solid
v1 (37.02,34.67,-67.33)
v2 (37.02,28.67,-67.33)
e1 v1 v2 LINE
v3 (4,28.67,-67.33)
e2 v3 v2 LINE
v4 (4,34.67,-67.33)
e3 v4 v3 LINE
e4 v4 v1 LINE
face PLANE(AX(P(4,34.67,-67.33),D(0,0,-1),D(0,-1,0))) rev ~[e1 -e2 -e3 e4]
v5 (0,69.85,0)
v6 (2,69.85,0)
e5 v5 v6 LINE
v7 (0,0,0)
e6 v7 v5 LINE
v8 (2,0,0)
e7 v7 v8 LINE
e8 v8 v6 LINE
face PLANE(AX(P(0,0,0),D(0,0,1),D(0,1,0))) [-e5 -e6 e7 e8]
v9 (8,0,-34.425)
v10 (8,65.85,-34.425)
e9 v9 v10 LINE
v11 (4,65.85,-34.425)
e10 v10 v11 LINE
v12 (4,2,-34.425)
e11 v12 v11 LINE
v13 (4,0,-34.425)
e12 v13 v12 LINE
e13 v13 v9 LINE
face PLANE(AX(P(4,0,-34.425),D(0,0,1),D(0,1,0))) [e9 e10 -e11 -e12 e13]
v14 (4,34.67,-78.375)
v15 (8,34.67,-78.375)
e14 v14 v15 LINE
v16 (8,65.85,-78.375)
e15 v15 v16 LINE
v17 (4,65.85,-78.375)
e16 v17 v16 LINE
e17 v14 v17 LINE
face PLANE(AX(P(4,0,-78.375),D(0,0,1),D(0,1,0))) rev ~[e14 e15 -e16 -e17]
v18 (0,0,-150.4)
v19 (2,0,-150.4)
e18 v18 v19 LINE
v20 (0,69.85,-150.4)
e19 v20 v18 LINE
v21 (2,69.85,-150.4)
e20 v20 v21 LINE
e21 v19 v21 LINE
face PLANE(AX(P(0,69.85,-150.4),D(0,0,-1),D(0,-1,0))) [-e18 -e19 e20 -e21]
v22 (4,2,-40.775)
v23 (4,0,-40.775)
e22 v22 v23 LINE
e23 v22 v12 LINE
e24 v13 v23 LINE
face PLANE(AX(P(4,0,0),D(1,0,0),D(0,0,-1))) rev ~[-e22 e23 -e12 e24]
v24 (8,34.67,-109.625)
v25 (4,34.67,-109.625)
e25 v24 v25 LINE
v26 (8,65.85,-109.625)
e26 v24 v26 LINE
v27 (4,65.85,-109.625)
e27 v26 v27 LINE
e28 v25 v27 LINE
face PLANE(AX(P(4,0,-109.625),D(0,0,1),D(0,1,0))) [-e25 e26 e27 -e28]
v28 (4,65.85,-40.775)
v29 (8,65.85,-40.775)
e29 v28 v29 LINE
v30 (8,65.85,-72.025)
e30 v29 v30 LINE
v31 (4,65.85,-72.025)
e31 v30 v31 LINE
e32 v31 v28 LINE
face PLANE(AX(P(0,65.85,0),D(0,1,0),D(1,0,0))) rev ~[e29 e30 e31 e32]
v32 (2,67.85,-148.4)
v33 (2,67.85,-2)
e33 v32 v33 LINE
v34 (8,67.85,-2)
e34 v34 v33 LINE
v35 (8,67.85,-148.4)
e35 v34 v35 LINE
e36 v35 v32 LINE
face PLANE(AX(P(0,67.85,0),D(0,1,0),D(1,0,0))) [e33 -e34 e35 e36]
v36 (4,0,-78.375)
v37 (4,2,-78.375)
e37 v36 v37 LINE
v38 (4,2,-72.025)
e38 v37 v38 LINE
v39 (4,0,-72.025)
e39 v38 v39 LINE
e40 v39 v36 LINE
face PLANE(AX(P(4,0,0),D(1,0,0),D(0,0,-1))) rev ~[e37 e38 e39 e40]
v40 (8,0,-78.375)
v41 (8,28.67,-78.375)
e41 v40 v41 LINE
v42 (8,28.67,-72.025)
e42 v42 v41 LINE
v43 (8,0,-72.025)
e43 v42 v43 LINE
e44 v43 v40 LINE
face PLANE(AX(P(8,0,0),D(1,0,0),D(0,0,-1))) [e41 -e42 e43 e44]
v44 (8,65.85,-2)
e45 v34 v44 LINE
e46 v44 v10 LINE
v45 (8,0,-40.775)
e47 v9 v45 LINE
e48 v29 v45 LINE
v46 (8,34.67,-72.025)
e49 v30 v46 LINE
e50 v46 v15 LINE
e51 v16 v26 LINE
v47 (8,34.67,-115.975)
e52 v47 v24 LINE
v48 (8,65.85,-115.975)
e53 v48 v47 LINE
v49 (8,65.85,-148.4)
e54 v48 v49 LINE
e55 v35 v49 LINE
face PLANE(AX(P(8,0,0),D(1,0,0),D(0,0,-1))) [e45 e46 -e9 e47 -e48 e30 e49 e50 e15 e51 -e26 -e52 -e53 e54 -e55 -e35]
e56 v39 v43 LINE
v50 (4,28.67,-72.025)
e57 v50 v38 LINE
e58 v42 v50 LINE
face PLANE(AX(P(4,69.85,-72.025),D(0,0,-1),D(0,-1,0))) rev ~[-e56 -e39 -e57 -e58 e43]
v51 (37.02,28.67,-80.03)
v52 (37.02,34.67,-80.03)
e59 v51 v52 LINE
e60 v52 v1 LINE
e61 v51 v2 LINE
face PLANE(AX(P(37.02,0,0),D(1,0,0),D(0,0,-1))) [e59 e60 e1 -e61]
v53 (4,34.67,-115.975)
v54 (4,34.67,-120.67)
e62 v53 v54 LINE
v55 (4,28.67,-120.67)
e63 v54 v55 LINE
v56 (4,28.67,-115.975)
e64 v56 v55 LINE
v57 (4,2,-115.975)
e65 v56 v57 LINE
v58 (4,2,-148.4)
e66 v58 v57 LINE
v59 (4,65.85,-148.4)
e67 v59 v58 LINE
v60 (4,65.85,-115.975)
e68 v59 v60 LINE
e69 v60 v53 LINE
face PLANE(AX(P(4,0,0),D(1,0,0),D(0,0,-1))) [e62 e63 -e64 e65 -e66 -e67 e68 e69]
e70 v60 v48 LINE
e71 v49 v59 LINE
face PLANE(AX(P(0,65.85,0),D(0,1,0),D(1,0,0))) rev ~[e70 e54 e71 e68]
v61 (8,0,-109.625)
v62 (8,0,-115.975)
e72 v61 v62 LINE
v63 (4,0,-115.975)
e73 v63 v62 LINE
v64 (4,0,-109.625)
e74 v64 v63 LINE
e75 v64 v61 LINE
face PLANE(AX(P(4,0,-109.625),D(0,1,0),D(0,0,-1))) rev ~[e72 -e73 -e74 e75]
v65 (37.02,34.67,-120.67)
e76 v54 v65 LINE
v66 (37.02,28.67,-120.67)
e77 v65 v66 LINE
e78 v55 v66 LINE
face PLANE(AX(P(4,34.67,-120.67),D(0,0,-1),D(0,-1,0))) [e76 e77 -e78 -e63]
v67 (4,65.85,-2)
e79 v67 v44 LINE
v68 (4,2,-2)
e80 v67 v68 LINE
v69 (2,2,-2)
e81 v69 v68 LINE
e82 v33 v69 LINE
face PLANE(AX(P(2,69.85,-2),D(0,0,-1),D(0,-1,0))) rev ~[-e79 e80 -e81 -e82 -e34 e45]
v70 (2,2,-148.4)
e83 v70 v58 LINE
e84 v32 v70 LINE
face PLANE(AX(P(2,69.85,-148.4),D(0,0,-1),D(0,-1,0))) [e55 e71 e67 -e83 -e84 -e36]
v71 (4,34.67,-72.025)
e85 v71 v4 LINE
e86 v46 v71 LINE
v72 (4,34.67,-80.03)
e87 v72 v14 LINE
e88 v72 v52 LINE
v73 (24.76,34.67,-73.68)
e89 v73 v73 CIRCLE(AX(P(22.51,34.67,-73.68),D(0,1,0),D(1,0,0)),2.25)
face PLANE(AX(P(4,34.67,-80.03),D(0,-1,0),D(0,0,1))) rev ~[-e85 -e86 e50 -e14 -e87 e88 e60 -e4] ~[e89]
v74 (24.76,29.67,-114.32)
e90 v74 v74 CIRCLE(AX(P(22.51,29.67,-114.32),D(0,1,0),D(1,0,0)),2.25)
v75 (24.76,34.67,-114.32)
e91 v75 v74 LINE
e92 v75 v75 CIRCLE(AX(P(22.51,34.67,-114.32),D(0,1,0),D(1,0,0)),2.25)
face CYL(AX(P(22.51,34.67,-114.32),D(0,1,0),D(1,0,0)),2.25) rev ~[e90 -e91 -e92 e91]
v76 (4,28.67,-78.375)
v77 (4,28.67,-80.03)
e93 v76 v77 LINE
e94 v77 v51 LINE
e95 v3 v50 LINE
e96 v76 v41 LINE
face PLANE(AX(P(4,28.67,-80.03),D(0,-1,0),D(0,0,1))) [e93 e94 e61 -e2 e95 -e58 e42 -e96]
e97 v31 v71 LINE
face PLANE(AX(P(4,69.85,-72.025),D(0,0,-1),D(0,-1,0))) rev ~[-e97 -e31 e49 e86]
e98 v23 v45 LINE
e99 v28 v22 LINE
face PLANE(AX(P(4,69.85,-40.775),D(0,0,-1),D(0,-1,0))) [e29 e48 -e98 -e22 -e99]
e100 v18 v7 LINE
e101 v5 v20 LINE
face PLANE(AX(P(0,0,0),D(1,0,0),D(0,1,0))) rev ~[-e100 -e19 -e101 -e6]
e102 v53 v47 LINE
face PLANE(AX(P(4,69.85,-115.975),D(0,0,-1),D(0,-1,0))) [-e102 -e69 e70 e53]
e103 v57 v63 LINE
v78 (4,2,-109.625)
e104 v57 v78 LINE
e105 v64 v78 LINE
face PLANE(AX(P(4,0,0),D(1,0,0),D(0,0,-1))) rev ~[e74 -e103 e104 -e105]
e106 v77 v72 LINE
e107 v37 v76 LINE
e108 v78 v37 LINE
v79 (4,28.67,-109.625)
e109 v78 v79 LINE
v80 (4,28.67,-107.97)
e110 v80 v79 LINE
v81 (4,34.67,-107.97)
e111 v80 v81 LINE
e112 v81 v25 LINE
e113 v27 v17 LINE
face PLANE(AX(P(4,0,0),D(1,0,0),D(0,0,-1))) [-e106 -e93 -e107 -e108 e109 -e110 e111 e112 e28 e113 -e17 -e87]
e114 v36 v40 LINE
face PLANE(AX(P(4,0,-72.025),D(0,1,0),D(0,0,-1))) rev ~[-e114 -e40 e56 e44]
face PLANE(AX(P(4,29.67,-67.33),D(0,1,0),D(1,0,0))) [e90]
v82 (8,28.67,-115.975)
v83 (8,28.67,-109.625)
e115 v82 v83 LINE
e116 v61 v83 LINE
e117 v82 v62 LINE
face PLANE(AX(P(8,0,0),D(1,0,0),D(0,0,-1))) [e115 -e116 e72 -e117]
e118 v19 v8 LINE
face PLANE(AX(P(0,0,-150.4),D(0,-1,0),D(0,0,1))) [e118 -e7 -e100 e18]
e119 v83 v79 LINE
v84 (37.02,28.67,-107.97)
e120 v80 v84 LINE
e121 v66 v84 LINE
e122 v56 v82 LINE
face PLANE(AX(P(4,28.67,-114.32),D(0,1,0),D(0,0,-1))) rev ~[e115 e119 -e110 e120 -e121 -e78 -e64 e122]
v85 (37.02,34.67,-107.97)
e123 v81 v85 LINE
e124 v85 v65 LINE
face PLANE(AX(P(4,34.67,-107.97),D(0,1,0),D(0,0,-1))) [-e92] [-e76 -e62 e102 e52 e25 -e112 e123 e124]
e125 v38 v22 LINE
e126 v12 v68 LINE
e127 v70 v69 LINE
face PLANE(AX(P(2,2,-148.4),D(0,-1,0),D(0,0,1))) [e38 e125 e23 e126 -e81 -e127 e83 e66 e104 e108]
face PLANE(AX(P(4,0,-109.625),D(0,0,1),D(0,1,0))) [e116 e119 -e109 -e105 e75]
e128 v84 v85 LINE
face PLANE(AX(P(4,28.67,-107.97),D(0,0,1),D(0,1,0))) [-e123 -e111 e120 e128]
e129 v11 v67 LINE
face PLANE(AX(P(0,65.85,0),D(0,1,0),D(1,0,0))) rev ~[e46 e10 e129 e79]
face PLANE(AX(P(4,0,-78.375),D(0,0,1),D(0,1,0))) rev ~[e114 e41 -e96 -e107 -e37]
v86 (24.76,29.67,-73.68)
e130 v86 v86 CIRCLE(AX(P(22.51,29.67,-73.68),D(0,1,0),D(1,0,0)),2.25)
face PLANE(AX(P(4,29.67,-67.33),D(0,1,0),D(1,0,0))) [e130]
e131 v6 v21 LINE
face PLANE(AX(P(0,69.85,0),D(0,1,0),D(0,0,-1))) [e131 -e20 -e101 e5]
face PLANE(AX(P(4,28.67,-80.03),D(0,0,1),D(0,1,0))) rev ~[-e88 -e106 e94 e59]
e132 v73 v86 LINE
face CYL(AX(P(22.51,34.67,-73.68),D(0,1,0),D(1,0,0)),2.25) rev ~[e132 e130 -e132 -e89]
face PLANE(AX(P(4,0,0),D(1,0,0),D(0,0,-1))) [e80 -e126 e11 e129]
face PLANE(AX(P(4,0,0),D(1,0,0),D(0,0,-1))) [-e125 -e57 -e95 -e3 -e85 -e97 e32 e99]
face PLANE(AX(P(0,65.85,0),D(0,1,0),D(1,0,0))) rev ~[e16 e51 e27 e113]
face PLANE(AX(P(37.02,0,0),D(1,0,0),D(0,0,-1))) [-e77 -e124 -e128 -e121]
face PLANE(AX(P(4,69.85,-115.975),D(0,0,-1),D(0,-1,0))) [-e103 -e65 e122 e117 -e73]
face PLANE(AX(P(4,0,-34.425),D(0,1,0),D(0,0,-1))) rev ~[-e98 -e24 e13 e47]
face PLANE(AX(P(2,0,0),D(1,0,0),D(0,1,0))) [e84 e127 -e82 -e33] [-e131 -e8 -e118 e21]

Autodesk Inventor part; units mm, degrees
ref_plane "YZ Plane" through (0, 0, 0) normal (1, 0, 0) x (0, 1, 0)
ref_plane "XZ Plane" through (0, 0, 0) normal (0, 1, 0) x (-1, 0, 0)
ref_plane "XY Plane" through (0, 0, 0) normal (0, 0, 1) x (1, 0, 0)
sketch "Sketch1" plane through (0, 0, 0) normal (1, 0, 0) x (0, 1, 0)
  line L0 (0, 0) -> (69.85, 0)
  line L1 (69.85, 0) -> (69.85, -150.4)
  line L2 (69.85, -150.4) -> (0, -150.4)
  line L3 (0, -150.4) -> (0, 0)
  dimension "d0" = 69.85
  dimension "d1" = 150.4
extrude "Extrusion1" add sketch "Sketch1" along normal blind 2
sketch "Sketch2" plane through (2, 0, 0) normal (1, 0, 0) x (0, 0, -1)
  line L0 (150.4, 0) -> (150.4, 69.85) projected
  line L1 (150.4, 69.85) -> (0, 69.85) projected
  line L2 (0, 69.85) -> (0, 0) projected
  line L3 (0, 0) -> (150.4, 0) projected
  line L4 (150.4, 69.85) -> (148.4, 69.85)
  line L5 (148.4, 69.85) -> (148.4, 0)
  line L6 (148.4, 0) -> (150.4, 0)
  line L7 (150.4, 0) -> (150.4, 69.85)
  line L8 (0, 69.85) -> (2, 69.85)
  line L9 (2, 69.85) -> (2, 0)
  line L10 (2, 0) -> (0, 0)
  line L11 (0, 0) -> (0, 69.85)
  line L12 (0, 0) -> (150.4, 0)
  line L13 (150.4, 0) -> (150.4, 2)
  line L14 (150.4, 2) -> (0, 2)
  line L15 (0, 2) -> (0, 0)
  point P0 (2, 2)
  point P1 (148.4, 2)
  dimension "d4" = 2
  dimension "d5" = 2
  dimension "d6" = 2
extrude "Extrusion2" add sketch "Sketch2" along normal blind 2 contours L14 L9 L1 L5
sketch "Sketch3" plane through (4, 0, 0) normal (1, 0, 0) x (0, 0, -1)
  line L0 (150.4, 0) -> (150.4, 69.85) projected
  line L1 (0, 0) -> (150.4, 0) projected
  line L2 (0, 69.85) -> (0, 0) projected
  line L3 (150.4, 69.85) -> (0, 69.85) projected
  line L4 (0, 69.85) -> (75.2, 69.85) construction
  line L5 (75.2, 69.85) -> (75.2, 0) construction
  line L6 (75.2, 0) -> (0, 0) construction
  line L7 (0, 0) -> (0, 69.85) construction
  line L8 (0, 0) -> (150.4, 0) construction
  line L9 (0, 0) -> (37.6, 0) construction
  line L10 (37.6, 0) -> (37.6, 69.85) construction
  line L11 (37.6, 69.85) -> (0, 69.85) construction
  line L12 (0, 69.85) -> (0, 0) construction
  line L13 (150.4, 0) -> (150.4, 69.85) construction
  line L14 (75.2, 69.85) -> (150.4, 69.85) construction
  line L15 (150.4, 69.85) -> (150.4, 0) construction
  line L16 (150.4, 0) -> (75.2, 0) construction
  line L17 (75.2, 0) -> (75.2, 69.85) construction
  line L18 (75.2, 0) -> (112.8, 0) construction
  line L19 (112.8, 0) -> (112.8, 69.85) construction
  line L20 (112.8, 69.85) -> (75.2, 69.85) construction
  line L21 (75.2, 69.85) -> (75.2, 0) construction
  line L22 (34.425, 0) -> (34.425, 69.85) construction
  line L23 (34.425, 69.85) -> (40.775, 69.85) construction
  line L24 (40.775, 69.85) -> (40.775, 0) construction
  line L25 (40.775, 0) -> (34.425, 0) construction
  line L26 (34.425, 0) -> (40.775, 69.85) construction
  line L27 (34.425, 69.85) -> (40.775, 0) construction
  line L28 (72.025, 0) -> (72.025, 69.85) construction
  line L29 (72.025, 69.85) -> (78.375, 69.85) construction
  line L30 (78.375, 69.85) -> (78.375, 0) construction
  line L31 (78.375, 0) -> (72.025, 0) construction
  line L32 (72.025, 0) -> (78.375, 69.85) construction
  line L33 (72.025, 69.85) -> (78.375, 0) construction
  line L34 (109.625, 0) -> (109.625, 69.85) construction
  line L35 (109.625, 69.85) -> (115.975, 69.85) construction
  line L36 (115.975, 69.85) -> (115.975, 0) construction
  line L37 (115.975, 0) -> (109.625, 0) construction
  line L38 (109.625, 0) -> (115.975, 69.85) construction
  line L39 (109.625, 69.85) -> (115.975, 0) construction
  line L40 (34.425, 69.85) -> (40.775, 69.85)
  line L41 (40.775, 69.85) -> (40.775, 0)
  line L42 (40.775, 0) -> (34.425, 0)
  line L43 (34.425, 0) -> (34.425, 69.85)
  line L44 (72.025, 0) -> (78.375, 0)
  line L45 (78.375, 0) -> (78.375, 69.85)
  line L46 (78.375, 69.85) -> (72.025, 69.85)
  line L47 (72.025, 69.85) -> (72.025, 0)
  line L48 (109.625, 69.85) -> (115.975, 69.85)
  line L49 (115.975, 69.85) -> (115.975, 0)
  line L50 (115.975, 0) -> (109.625, 0)
  line L51 (109.625, 0) -> (109.625, 69.85)
  point P0 (37.6, 34.925)
  point P1 (75.2, 34.925)
  point P2 (112.8, 34.925)
  dimension "d9" = 6.35
  dimension "d10" = 6.35
  dimension "d11" = 6.35
extrude "Extrusion3" add sketch "Sketch3" along normal blind 4 contours L1 L51 L3 L49 | L1 L47 L3 L45 | L1 L43 L3 L41
sketch "Sketch4" plane through (0, 69.85, 0) normal (0, 1, 0) x (1, 0, 0)
  line L0 (0, 150.4) -> (0, 0) projected
  line L1 (0, 150.4) -> (0, 0) construction
  line L2 (0, 0) -> (2, 0) construction
  line L3 (2, 2) -> (2, 0) construction
  line L4 (2, 2) -> (4, 2) construction
  line L5 (4, 34.425) -> (4, 2) construction
  line L6 (4, 34.425) -> (8, 34.425) construction
  line L7 (8, 40.775) -> (8, 34.425) construction
  line L8 (4, 40.775) -> (8, 40.775) construction
  line L9 (4, 72.025) -> (4, 40.775) construction
  line L10 (4, 72.025) -> (8, 72.025) construction
  line L11 (8, 78.375) -> (8, 72.025) construction
  line L12 (4, 78.375) -> (8, 78.375) construction
  line L13 (4, 109.625) -> (4, 78.375) construction
  line L14 (4, 109.625) -> (8, 109.625) construction
  line L15 (8, 115.975) -> (8, 109.625) construction
  line L16 (4, 115.975) -> (8, 115.975) construction
  line L17 (4, 148.4) -> (4, 115.975) construction
  line L18 (2, 148.4) -> (4, 148.4) construction
  line L19 (2, 150.4) -> (2, 148.4) construction
  line L20 (0, 150.4) -> (2, 150.4) construction
  line L21 (2, 0) -> (0, 0)
  line L22 (0, 0) -> (0, 150.4)
  line L23 (0, 150.4) -> (2, 150.4)
  line L24 (2, 150.4) -> (2, 0)
  line L25 (2, 0) -> (8, 0)
  line L26 (8, 0) -> (8, 150.4)
  line L27 (8, 150.4) -> (2, 150.4)
  line L28 (2, 150.4) -> (2, 0)
extrude "Extrusion4" cut sketch "Sketch4" against normal blind 2 contours L27 L26 L25 L24
sketch "Sketch5" plane through (0, 67.85, 0) normal (0, 1, 0) x (1, 0, 0)
  line L0 (4, 115.975) -> (8, 115.975) projected
  line L1 (4, 148.4) -> (4, 115.975) projected
  line L2 (2, 148.4) -> (4, 148.4) projected
  line L3 (2, 2) -> (2, 148.4) projected
  line L4 (4, 2) -> (2, 2) projected
  line L5 (4, 34.425) -> (4, 2) projected
  line L6 (8, 34.425) -> (4, 34.425) projected
  line L7 (8, 40.775) -> (8, 34.425) projected
  line L8 (4, 40.775) -> (8, 40.775) projected
  line L9 (4, 72.025) -> (4, 40.775) projected
  line L10 (8, 72.025) -> (4, 72.025) projected
  line L11 (8, 78.375) -> (8, 72.025) projected
  line L12 (4, 78.375) -> (8, 78.375) projected
  line L13 (4, 109.625) -> (4, 78.375) projected
  line L14 (8, 109.625) -> (4, 109.625) projected
  line L15 (8, 115.975) -> (8, 109.625) projected
  line L16 (2, 2) -> (4, 2) projected
  line L17 (2, 2) -> (8, 2)
  line L18 (8, 2) -> (8, 148.4)
  line L19 (8, 148.4) -> (2, 148.4)
  line L20 (2, 148.4) -> (2, 2)
  point P0 (0, 0)
  point P1 (4, 2)
extrude "Extrusion5" add sketch "Sketch5" against normal blind 2 contours L1 L19 L18 L0 | L18 L12 L13 L14 | L18 L8 L9 L10 | L5 L6 L18 L17
sketch "Sketch6" plane through (4, 0, 0) normal (1, 0, 0) x (0, 0, -1)
  line L0 (2, 67.85) -> (148.4, 67.85) construction
  line L1 (2, 67.85) -> (2, 65.85) construction
  line L2 (34.425, 65.85) -> (2, 65.85) construction
  line L3 (34.425, 65.85) -> (34.425, 0) construction
  line L4 (34.425, 0) -> (40.775, 0) construction
  line L5 (40.775, 0) -> (40.775, 65.85) construction
  line L6 (72.025, 65.85) -> (40.775, 65.85) construction
  line L7 (72.025, 65.85) -> (72.025, 0) construction
  line L8 (72.025, 0) -> (78.375, 0) construction
  line L9 (78.375, 0) -> (78.375, 65.85) construction
  line L10 (109.625, 65.85) -> (78.375, 65.85) construction
  line L11 (109.625, 65.85) -> (109.625, 0) construction
  line L12 (109.625, 0) -> (115.975, 0) construction
  line L13 (115.975, 0) -> (115.975, 65.85) construction
  line L14 (148.4, 65.85) -> (115.975, 65.85) construction
  line L15 (148.4, 67.85) -> (148.4, 65.85) construction
  line L16 (109.625, 65.85) -> (78.375, 65.85) construction
  line L17 (78.375, 65.85) -> (78.375, 2) construction
  line L18 (78.375, 2) -> (109.625, 2) construction
  line L19 (109.625, 2) -> (109.625, 65.85) construction
  line L20 (148.4, 65.85) -> (115.975, 65.85) construction
  line L21 (115.975, 65.85) -> (115.975, 2) construction
  line L22 (115.975, 2) -> (148.4, 2) construction
  line L23 (148.4, 2) -> (148.4, 65.85) construction
  line L24 (72.025, 65.85) -> (40.775, 65.85) construction
  line L25 (40.775, 65.85) -> (40.775, 2) construction
  line L26 (40.775, 2) -> (72.025, 2) construction
  line L27 (72.025, 2) -> (72.025, 65.85) construction
  line L28 (78.375, 2) -> (78.375, 28.67) construction
  line L29 (94, 28.67) -> (114.32, 28.67)
  line L30 (114.32, 28.67) -> (73.68, 28.67)
  line L31 (73.68, 28.67) -> (67.33, 28.67)
  line L32 (67.33, 28.67) -> (80.03, 28.67)
  line L33 (80.03, 28.67) -> (80.03, 34.67)
  line L34 (80.03, 34.67) -> (67.33, 34.67)
  line L35 (67.33, 34.67) -> (67.33, 28.67)
  line L36 (114.32, 28.67) -> (120.67, 28.67)
  line L37 (120.67, 28.67) -> (107.97, 28.67)
  line L38 (107.97, 28.67) -> (107.97, 34.67)
  line L39 (107.97, 34.67) -> (120.67, 34.67)
  line L40 (120.67, 34.67) -> (120.67, 28.67)
  point P0 (0, 0)
  dimension "d18" = 26.67
  dimension "d31" = 20.32
  dimension "d32" = 40.64
  dimension "d33" = 6.35
  dimension "d34" = 12.7
  dimension "d35" = 6
  dimension "d36" = 6.35
  dimension "d37" = 12.7
  dimension "d38" = 6
extrude "Extrusion6" add sketch "Sketch6" along normal blind 33.02
sketch "Sketch12" plane through (4, 34.67, -67.33) normal (0, 1, 0) x (1, 0, 0)
  line L0 (4, 11.045) -> (0, 11.045) construction
  line L1 (4, 4.695) -> (4, 11.045) construction
  line L2 (0, 4.695) -> (4, 4.695) construction
  line L3 (0, 0) -> (0, 4.695) construction
  line L4 (0, 0) -> (33.02, 0) construction
  line L5 (33.02, 12.7) -> (33.02, 0) construction
  line L6 (0, 12.7) -> (33.02, 12.7) construction
  line L7 (0, 11.045) -> (0, 12.7) construction
  line L8 (4, 48.645) -> (0, 48.645) construction
  line L9 (4, 42.295) -> (4, 48.645) construction
  line L10 (0, 42.295) -> (4, 42.295) construction
  line L11 (0, 40.64) -> (0, 42.295) construction
  line L12 (0, 40.64) -> (33.02, 40.64) construction
  line L13 (33.02, 53.34) -> (33.02, 40.64) construction
  line L14 (0, 53.34) -> (33.02, 53.34) construction
  line L15 (0, 48.645) -> (0, 53.34) construction
  line L16 (4, 4.695) -> (4, -26.555) construction
  line L17 (4, 4.695) -> (33.02, 4.695) construction
  line L18 (33.02, 4.695) -> (33.02, 0) construction
  line L19 (33.02, 0) -> (4, 0) construction
  line L20 (4, 0) -> (4, 4.695) construction
  circle A0 centre (18.51, 6.35) radius 2.25 construction
  line L21 (4, 48.645) -> (33.02, 48.645) construction
  circle A1 centre (18.51, 46.99) radius 2.25 construction
  circle A2 centre (18.51, 6.35) radius 2.25
  circle A3 centre (18.51, 46.99) radius 2.25
  point P0 (-4, -67.33)
  dimension "d39" = 4.5
  dimension "d40" = 4.5
extrude "Extrusion10" cut sketch "Sketch12" against normal blind 5
properties part number "leftwall"
